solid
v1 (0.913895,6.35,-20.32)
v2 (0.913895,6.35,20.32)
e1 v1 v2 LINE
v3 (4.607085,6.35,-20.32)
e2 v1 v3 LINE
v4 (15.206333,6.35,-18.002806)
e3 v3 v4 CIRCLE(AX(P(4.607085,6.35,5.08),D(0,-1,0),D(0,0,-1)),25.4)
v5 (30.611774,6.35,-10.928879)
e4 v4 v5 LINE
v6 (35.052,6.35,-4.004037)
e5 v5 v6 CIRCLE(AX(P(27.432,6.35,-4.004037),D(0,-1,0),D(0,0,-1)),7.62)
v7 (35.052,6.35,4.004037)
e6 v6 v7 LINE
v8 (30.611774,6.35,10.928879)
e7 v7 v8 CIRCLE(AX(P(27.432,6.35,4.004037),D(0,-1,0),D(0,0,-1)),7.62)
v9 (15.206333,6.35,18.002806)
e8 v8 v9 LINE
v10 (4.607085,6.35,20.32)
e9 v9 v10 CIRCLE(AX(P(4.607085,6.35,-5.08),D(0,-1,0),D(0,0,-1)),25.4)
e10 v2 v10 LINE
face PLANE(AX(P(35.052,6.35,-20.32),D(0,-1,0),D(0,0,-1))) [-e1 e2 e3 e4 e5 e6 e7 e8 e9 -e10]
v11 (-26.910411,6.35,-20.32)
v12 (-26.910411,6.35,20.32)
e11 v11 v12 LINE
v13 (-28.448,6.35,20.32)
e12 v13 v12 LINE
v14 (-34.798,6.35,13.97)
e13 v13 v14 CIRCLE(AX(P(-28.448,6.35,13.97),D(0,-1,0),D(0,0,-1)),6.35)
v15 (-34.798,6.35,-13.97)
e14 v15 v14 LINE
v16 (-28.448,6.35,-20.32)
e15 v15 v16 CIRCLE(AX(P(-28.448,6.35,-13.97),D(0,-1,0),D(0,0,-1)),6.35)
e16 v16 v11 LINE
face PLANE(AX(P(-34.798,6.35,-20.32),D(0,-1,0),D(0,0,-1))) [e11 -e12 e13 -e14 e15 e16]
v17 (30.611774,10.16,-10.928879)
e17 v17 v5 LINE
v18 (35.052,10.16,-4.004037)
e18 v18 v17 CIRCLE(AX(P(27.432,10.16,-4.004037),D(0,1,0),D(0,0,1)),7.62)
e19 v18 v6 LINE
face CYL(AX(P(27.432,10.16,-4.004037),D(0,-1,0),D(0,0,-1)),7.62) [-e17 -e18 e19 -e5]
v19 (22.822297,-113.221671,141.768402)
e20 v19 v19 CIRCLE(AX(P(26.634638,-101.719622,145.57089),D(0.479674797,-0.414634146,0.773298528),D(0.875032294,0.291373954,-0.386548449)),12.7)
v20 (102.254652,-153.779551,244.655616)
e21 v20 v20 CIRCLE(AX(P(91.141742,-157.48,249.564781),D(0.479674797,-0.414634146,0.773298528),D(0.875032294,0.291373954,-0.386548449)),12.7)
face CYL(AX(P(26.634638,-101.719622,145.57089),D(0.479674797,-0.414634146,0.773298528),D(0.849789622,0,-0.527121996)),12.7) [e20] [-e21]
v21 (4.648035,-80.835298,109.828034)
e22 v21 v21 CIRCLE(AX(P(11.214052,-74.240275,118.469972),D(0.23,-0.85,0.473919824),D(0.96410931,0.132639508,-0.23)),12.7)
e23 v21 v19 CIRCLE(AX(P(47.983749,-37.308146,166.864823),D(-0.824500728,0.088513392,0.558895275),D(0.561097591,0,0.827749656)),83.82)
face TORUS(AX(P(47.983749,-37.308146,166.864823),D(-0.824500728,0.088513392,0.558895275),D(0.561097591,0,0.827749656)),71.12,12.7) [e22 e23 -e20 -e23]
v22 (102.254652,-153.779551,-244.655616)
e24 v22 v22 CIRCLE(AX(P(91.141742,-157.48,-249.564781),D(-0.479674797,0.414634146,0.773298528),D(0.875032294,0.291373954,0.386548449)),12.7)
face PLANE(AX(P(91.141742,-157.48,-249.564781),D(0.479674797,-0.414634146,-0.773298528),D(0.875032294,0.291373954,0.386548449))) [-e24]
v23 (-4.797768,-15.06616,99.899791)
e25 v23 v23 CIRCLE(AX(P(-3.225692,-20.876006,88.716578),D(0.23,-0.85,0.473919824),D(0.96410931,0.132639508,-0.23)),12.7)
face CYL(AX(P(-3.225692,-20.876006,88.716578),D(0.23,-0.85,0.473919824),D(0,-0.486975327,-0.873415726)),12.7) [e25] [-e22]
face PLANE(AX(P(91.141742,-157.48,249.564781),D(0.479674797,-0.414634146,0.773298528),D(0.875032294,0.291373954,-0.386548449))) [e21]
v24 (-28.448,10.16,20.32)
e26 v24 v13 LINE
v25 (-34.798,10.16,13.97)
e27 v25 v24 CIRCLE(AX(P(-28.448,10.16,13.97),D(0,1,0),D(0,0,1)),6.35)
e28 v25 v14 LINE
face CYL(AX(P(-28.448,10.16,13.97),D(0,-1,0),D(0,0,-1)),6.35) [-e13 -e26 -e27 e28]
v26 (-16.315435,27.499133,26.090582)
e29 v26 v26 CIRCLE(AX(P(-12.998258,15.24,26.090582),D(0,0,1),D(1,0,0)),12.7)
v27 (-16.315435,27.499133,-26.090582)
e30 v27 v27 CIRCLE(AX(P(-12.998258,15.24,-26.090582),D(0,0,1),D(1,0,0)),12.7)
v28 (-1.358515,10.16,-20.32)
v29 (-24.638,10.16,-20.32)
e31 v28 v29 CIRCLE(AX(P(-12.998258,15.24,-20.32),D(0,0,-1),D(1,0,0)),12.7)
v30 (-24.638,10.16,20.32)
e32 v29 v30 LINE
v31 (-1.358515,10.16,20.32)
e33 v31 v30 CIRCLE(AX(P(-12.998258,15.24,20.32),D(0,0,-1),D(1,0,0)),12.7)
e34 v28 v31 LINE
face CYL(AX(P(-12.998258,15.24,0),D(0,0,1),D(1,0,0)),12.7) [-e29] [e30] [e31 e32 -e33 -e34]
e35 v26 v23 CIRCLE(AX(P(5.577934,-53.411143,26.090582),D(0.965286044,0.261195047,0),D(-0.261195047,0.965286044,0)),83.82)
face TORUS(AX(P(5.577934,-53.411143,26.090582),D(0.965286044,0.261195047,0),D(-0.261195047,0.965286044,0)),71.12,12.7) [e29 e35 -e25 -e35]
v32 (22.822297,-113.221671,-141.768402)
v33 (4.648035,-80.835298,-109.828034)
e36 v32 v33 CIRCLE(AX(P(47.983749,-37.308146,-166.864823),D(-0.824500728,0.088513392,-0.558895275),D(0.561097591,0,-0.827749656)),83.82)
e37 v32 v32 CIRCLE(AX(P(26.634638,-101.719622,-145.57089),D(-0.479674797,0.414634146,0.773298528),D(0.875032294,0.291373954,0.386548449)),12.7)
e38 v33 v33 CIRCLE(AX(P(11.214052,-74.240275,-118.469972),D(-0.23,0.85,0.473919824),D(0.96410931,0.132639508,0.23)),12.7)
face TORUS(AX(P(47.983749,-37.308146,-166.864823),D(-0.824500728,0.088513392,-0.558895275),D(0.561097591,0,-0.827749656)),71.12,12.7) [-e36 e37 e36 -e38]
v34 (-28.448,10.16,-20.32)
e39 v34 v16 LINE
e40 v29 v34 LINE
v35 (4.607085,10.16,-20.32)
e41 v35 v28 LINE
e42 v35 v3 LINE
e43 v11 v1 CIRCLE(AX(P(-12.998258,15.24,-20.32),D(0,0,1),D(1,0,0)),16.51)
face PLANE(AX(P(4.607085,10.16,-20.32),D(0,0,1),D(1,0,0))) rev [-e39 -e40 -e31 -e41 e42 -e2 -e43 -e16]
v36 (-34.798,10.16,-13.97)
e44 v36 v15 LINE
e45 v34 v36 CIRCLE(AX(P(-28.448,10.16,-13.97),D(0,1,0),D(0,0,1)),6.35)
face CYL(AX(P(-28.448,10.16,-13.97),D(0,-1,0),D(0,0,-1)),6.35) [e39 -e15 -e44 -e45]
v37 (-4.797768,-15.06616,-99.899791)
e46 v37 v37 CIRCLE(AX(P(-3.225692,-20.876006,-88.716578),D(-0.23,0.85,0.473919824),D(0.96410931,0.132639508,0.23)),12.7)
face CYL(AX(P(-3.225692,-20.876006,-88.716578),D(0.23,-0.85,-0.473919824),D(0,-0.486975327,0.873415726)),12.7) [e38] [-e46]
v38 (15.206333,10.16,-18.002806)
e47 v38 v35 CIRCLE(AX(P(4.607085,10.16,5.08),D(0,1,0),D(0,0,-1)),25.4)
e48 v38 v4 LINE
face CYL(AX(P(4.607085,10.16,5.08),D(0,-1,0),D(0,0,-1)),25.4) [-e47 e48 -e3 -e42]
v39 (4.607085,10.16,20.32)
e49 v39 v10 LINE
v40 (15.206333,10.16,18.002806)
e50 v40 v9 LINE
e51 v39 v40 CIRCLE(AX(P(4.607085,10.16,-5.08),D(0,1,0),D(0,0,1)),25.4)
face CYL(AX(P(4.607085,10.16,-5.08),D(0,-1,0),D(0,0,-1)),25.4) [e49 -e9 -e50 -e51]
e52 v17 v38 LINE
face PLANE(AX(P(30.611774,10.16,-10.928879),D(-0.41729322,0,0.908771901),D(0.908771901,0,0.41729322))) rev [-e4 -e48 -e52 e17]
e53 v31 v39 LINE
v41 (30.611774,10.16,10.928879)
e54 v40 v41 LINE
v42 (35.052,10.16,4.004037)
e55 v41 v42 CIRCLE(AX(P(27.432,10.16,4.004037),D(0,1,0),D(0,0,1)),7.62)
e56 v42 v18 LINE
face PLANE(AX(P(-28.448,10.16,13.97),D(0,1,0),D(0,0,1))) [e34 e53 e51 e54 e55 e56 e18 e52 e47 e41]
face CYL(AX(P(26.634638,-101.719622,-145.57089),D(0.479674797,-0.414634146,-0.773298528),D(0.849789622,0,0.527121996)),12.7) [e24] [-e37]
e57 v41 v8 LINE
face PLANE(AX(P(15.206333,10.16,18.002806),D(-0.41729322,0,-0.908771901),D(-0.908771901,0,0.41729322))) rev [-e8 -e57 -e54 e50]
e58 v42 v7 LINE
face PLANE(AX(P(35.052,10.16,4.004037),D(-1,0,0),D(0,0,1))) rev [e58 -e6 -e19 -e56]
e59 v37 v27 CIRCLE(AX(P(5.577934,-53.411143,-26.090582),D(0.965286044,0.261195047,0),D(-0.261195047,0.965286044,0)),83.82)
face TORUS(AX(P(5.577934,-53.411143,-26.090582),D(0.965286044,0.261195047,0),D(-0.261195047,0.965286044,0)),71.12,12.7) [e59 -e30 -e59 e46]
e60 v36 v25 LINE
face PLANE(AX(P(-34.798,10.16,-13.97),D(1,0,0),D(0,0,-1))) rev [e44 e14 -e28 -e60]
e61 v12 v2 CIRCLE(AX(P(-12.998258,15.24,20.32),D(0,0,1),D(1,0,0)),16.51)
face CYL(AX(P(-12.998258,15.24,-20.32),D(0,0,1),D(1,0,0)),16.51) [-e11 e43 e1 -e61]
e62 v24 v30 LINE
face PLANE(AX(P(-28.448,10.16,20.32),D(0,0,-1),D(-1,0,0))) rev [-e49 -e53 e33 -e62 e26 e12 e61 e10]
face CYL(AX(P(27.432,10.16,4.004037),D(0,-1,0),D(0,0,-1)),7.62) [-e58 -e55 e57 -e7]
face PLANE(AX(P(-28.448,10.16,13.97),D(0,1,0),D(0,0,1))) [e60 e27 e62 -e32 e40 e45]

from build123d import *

# Parameters (mm, degrees)
BOSS_EXTRUDE1_DEPTH = 10.16
SKETCH2_OUTSIDE_W   = 88.516
SKETCH2_OUTSIDE_H   = 38.986
CUT_EXTRUDE1_DEPTH  = 41.64
SKETCH3_R           = 12.7


with BuildPart() as part:
    # Sketch1 → Boss-Extrude1 (new body, symmetric)
    with BuildSketch(Plane(origin=(0, 0, 0), x_dir=(1, 0, 0), z_dir=(0, 1, 0))):
        with BuildLine():
            Line((4.607085175, 20.32), (-28.448, 20.32))
            ThreePointArc((-28.448, 20.32), (-32.938128061, 18.460128061), (-34.798, 13.97))
            Line((-34.798, 13.97), (-34.798, -13.97))
            ThreePointArc((-34.798, -13.97), (-32.938128061, -18.460128061), (-28.448, -20.32))
            Line((-28.448, -20.32), (4.607085175, -20.32))
            ThreePointArc((4.607085175, -20.32), (10.031876423, -19.733940435), (15.206332963, -18.002806293))
            Line((15.206332963, -18.002806293), (30.611774336, -10.928879131))
            ThreePointArc((30.611774336, -10.928879131), (33.846603668, -8.117096905), (35.052, -4.004037244))
            Line((35.052, -4.004037244), (35.052, 4.004037244))
            ThreePointArc((35.052, 4.004037244), (33.846603668, 8.117096905), (30.611774336, 10.928879131))
            Line((30.611774336, 10.928879131), (15.206332963, 18.002806293))
            ThreePointArc((15.206332963, 18.002806293), (10.031876423, 19.733940435), (4.607085175, 20.32))
        make_face()
    extrude(amount=BOSS_EXTRUDE1_DEPTH, both=True)

    # Sketch2 outside → Cut-Extrude1 (cut, through all)
    with BuildSketch(Plane.XY.offset(20.32)):
        with Locations((0.127, 0)):
            Rectangle(SKETCH2_OUTSIDE_W, SKETCH2_OUTSIDE_H)
        with BuildLine():
            Line((-34.798, 10.16), (-24.638, 10.16))
            ThreePointArc((-24.638, 10.16), (-12.998257735, 2.54), (-1.35851547, 10.16))
            Line((-1.35851547, 10.16), (35.052, 10.16))
            Line((35.052, 10.16), (35.052, 6.35))
            Line((35.052, 6.35), (0.913895226, 6.35))
            ThreePointArc((0.913895226, 6.35), (-12.998257735, -1.27), (-26.910410695, 6.35))
            Line((-26.910410695, 6.35), (-34.798, 6.35))
            Line((-34.798, 6.35), (-34.798, 10.16))
        make_face(mode=Mode.SUBTRACT)
    extrude(amount=-CUT_EXTRUDE1_DEPTH, mode=Mode.SUBTRACT)

    # Sweep1: sweep along a curve in space
    with BuildLine() as sweep1_path:
        Line((-12.998257735, 15.24, 0), (-12.998257735, 15.24, 26.090581637))
        ThreePointArc((-12.998257735, 15.24, 26.090581637), (-10.369052155, 5.523370683, 62.566204639), (-3.225691511, -20.876005608, 88.716577691))
        Line((-3.225691511, -20.876005608, 88.716577691), (11.214051911, -74.240274777, 118.469971898))
        ThreePointArc((26.634638374, -101.71962206, 145.570889864), (17.598298945, -90.292217187, 130.430402583), (11.214051911, -74.240274777, 118.469971898))
        Line((26.634638374, -101.71962206, 145.570889864), (91.141742265, -157.48, 249.564780828))
    # Sketch3 → Sweep1 (sweep)
    with BuildSketch(Plane.XY):
        with Locations((-12.998257735, 15.24)):
            Circle(SKETCH3_R)
    sweep(path=sweep1_path.line)

    # Mirror1: part across plane


with BuildPart() as part_1:
    add(part.part)
    add(part.part.mirror(Plane.XY))


solid = part_1.part
